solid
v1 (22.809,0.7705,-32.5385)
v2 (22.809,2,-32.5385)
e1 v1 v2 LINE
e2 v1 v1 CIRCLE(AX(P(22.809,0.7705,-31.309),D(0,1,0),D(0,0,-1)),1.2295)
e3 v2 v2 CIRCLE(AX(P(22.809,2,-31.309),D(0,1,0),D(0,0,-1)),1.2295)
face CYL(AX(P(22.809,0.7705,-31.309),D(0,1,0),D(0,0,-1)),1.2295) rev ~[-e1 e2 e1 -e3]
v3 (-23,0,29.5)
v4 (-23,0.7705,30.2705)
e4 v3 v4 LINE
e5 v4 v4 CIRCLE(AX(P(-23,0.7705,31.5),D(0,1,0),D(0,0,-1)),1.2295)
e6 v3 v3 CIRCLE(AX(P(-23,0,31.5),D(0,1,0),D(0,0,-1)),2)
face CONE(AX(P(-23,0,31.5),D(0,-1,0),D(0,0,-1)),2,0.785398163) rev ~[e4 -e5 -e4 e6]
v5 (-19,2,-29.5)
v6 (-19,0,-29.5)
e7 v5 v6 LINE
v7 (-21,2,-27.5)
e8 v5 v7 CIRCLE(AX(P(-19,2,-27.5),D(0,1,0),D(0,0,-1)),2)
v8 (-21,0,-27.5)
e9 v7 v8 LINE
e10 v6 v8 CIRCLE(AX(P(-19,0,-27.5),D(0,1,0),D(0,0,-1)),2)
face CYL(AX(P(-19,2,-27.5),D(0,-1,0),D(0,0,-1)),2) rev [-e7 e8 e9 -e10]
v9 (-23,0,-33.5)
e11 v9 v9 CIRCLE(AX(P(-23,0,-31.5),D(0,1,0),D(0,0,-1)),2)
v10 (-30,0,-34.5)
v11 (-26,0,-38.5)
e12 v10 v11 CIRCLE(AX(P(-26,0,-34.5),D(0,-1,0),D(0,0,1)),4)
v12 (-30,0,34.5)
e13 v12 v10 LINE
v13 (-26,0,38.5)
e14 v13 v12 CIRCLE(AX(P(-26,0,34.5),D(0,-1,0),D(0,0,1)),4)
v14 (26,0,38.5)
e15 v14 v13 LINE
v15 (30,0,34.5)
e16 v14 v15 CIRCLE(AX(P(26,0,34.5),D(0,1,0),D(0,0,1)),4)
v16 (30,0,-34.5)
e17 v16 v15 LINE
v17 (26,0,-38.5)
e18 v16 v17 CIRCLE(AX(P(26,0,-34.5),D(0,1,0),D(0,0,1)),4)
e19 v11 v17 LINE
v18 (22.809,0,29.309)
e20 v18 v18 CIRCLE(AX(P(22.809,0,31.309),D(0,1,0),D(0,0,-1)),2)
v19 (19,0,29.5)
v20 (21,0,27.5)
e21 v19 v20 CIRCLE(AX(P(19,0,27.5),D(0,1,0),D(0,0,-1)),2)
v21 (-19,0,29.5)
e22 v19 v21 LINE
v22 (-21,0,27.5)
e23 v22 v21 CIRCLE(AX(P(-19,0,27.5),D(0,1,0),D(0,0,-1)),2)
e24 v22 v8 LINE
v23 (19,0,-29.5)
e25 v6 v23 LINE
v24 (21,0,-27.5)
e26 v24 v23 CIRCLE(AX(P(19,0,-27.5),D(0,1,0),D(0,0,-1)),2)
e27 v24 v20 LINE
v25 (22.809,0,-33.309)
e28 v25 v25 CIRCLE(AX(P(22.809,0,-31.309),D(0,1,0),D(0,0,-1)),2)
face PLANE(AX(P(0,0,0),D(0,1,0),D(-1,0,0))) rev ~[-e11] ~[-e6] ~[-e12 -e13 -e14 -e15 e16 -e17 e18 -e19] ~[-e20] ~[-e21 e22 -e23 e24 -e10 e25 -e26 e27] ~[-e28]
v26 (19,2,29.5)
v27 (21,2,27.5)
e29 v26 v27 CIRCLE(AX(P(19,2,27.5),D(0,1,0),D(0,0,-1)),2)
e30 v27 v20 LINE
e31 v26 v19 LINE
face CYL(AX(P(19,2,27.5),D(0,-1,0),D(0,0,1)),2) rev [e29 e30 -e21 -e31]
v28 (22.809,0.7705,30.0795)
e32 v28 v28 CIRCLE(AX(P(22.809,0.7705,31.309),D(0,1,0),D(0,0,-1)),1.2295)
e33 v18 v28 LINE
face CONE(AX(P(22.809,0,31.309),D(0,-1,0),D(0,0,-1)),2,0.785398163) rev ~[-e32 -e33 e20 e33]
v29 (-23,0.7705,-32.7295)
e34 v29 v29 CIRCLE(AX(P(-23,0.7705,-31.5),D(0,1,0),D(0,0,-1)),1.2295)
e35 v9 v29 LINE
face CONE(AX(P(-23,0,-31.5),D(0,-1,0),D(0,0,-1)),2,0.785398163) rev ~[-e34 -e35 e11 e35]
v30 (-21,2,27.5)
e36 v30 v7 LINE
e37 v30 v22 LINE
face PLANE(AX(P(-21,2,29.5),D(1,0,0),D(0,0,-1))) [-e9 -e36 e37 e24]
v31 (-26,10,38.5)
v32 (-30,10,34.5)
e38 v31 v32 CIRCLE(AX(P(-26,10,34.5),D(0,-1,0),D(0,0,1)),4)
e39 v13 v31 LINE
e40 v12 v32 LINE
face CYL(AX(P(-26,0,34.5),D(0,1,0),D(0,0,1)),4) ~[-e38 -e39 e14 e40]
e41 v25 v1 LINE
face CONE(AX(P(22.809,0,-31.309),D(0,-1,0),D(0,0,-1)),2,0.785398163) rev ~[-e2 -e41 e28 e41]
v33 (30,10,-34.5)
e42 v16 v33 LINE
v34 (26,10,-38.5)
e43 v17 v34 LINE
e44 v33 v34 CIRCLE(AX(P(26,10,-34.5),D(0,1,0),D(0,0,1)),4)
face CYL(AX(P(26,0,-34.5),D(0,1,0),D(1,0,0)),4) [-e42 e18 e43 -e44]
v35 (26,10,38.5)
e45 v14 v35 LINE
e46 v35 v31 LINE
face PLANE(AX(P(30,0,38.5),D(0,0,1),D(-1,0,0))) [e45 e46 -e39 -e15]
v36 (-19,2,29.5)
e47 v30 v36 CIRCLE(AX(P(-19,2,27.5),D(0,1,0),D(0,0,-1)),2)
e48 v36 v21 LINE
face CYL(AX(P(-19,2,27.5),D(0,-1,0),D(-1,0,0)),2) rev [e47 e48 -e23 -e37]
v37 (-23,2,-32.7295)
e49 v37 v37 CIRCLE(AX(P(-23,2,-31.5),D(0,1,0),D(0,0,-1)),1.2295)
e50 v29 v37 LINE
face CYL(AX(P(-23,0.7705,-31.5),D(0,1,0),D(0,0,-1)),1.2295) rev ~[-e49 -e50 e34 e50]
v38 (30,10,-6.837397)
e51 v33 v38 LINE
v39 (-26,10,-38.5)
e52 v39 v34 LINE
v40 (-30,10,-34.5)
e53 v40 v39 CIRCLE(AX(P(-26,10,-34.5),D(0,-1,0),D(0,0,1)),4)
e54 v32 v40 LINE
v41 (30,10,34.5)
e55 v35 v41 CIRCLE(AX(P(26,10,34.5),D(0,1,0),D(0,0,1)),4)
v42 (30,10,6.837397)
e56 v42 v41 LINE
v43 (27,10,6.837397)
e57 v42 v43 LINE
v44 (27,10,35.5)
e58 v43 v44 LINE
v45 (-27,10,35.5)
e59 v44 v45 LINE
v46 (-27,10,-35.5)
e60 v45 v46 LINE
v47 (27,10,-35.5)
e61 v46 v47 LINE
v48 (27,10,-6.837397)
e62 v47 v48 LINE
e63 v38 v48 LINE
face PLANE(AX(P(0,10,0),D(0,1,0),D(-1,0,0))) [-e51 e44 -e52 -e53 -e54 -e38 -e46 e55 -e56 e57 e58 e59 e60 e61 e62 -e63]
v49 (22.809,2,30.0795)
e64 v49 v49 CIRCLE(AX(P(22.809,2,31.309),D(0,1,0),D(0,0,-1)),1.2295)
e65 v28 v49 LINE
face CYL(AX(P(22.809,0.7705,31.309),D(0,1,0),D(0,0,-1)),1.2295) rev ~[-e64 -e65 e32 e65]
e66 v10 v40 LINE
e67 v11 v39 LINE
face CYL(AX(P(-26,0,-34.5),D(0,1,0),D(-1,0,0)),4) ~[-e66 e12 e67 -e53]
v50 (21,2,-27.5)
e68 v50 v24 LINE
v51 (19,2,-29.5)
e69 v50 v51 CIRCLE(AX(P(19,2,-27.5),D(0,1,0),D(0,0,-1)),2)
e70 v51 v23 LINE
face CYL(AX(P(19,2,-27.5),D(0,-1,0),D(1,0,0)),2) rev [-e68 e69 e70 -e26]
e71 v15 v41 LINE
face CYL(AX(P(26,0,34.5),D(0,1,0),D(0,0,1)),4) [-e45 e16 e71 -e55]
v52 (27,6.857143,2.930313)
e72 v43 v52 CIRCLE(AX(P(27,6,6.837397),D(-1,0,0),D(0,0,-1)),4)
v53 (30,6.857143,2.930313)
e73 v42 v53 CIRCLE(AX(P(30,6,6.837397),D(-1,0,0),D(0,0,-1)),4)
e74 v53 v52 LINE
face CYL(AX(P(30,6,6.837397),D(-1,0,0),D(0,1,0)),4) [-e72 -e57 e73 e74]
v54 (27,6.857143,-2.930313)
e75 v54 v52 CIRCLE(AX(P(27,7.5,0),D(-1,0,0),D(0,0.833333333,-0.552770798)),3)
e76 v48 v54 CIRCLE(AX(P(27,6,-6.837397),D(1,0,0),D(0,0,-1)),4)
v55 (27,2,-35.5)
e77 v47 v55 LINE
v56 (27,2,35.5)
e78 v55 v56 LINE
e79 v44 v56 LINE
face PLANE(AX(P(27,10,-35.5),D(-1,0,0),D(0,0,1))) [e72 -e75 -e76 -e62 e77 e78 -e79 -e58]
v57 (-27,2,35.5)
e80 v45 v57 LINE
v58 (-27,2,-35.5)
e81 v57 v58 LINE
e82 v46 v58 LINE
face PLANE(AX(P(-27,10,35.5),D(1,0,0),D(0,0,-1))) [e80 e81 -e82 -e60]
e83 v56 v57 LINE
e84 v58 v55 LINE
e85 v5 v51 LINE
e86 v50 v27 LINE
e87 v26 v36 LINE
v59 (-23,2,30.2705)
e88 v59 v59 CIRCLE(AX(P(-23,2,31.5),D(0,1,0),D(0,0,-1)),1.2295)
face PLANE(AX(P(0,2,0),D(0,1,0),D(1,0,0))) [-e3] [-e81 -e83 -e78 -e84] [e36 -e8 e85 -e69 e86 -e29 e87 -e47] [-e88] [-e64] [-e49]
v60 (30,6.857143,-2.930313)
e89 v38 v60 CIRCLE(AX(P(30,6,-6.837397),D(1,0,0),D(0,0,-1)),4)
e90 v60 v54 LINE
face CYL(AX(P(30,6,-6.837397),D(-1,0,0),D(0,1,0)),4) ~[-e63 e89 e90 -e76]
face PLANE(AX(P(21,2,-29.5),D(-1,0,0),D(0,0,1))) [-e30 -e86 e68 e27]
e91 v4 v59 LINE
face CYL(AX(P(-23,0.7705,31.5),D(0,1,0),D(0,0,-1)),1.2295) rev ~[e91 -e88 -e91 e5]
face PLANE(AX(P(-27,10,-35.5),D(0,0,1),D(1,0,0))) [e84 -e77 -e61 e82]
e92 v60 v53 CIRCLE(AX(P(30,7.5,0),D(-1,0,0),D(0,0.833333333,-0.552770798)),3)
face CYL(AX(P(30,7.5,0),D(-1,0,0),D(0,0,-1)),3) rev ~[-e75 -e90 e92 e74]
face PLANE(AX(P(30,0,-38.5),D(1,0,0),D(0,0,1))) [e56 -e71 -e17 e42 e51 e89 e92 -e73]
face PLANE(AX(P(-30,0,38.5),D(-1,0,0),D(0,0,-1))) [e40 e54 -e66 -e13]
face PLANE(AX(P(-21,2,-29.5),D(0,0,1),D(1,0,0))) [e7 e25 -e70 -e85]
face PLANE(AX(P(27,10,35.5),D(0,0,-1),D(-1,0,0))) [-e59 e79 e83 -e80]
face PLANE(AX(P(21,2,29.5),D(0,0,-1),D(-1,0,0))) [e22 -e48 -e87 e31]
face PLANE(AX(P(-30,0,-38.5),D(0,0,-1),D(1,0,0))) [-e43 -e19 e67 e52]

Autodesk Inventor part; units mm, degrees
ref_plane "YZ Plane" through (0, 0, 0) normal (1, 0, 0) x (0, 1, 0)
ref_plane "XZ Plane" through (0, 0, 0) normal (0, 1, 0) x (-1, 0, 0)
ref_plane "XY Plane" through (0, 0, 0) normal (0, 0, 1) x (1, 0, 0)
sketch "Sketch1" plane through (0, 0, 0) normal (0, 1, 0) x (-1, 0, 0)
  line L0 (-30, 38.5) -> (30, 38.5)
  line L1 (30, 38.5) -> (30, -38.5)
  line L2 (30, -38.5) -> (-30, -38.5)
  line L3 (-30, -38.5) -> (-30, 38.5)
  line L4 (-30, 38.5) -> (30, -38.5) construction
  line L5 (30, 38.5) -> (-30, -38.5) construction
  point P0 (0, 0)
  dimension "d0" = 60
  dimension "d1" = 77
extrude "Extrusion1" add sketch "Sketch1" along normal blind 10
sketch "Sketch2" plane through (0, 10, 0) normal (0, 1, 0) x (1, 0, 0)
  line L0 (27, -35.5) -> (-27, -35.5)
  line L1 (-27, -35.5) -> (-27, 35.5)
  line L2 (-27, 35.5) -> (27, 35.5)
  line L3 (27, 35.5) -> (27, -35.5)
  line L4 (27, -35.5) -> (-27, 35.5) construction
  line L5 (-27, -35.5) -> (27, 35.5) construction
  point P0 (0, 0)
  dimension "d4" = 54
  dimension "d5" = 71
extrude "Extrusion2" cut sketch "Sketch2" against normal blind 8
sketch "Sketch3" plane through (0, 2, 0) normal (0, 1, 0) x (1, 0, 0)
  line L0 (21, -29.5) -> (-21, -29.5)
  line L1 (-21, -29.5) -> (-21, 29.5)
  line L2 (-21, 29.5) -> (21, 29.5)
  line L3 (21, 29.5) -> (21, -29.5)
  line L4 (21, -29.5) -> (-21, 29.5) construction
  line L5 (-21, -29.5) -> (21, 29.5) construction
  point P0 (0, 0)
  dimension "d8" = 42
  dimension "d9" = 59
extrude "Extrusion3" cut sketch "Sketch3" against normal blind 7
fillet "Fillet1" radius 4 4 edges at (-30, 5, 38.5) (30, 5, 38.5) (-30, 5, -38.5) (30, 5, -38.5)
sketch "Sketch4" plane through (0, 0, 0) normal (0, -1, 0) x (1, 0, 0)
  point P0 (0, 0)
sketch "Sketch5" plane through (0, 0, 0) normal (0, -1, 0) x (1, 0, 0)
  point P0 (0, 0)
  point P1 (22.809, 31.309)
  point P2 (22.809, -31.309)
  point P3 (-23, 31.5)
  point P4 (-23, -31.5)
hole "Hole1" at (22.809, 0, 31.309) at (22.809, 0, -31.309) at (-23, 0, -31.5) at (-23, 0, 31.5) direction (0, 1, 0) diameter 2.459 depth 8.8 tip angle 118 countersink diameter 4 countersink angle 90 thread size "M3x0.5" class "6H" standard "ANSI Metric M Profile"
sketch "Sketch7" plane through (30, 0, 34.5) normal (1, 0, 0) x (0, 0, -1)
  point P0 (34.5, 0)
  point P1 (34.5, 7.5)
hole "Hole2" at (30, 7.5, 0) direction (-1, 0, 0) diameter 6 depth 8.8 tip angle 118
fillet "Fillet2" radius 4 2 edges at (28.5, 10, -1.6583) (28.5, 10, 1.6583)
fillet "Fillet3" radius 2 1 edges at (-21, 1, -29.5)
fillet "Fillet4" radius 2 1 edges at (-21, 1, 29.5)
fillet "Fillet5" radius 2 1 edges at (21, 1, 29.5)
fillet "Fillet6" radius 2 1 edges at (21, 1, -29.5)
equation "\"x\" = 54"
equation "\"z\" = 71"
equation "\"hole\" = 4"
properties part number "cardboardmountfront_sjc"
